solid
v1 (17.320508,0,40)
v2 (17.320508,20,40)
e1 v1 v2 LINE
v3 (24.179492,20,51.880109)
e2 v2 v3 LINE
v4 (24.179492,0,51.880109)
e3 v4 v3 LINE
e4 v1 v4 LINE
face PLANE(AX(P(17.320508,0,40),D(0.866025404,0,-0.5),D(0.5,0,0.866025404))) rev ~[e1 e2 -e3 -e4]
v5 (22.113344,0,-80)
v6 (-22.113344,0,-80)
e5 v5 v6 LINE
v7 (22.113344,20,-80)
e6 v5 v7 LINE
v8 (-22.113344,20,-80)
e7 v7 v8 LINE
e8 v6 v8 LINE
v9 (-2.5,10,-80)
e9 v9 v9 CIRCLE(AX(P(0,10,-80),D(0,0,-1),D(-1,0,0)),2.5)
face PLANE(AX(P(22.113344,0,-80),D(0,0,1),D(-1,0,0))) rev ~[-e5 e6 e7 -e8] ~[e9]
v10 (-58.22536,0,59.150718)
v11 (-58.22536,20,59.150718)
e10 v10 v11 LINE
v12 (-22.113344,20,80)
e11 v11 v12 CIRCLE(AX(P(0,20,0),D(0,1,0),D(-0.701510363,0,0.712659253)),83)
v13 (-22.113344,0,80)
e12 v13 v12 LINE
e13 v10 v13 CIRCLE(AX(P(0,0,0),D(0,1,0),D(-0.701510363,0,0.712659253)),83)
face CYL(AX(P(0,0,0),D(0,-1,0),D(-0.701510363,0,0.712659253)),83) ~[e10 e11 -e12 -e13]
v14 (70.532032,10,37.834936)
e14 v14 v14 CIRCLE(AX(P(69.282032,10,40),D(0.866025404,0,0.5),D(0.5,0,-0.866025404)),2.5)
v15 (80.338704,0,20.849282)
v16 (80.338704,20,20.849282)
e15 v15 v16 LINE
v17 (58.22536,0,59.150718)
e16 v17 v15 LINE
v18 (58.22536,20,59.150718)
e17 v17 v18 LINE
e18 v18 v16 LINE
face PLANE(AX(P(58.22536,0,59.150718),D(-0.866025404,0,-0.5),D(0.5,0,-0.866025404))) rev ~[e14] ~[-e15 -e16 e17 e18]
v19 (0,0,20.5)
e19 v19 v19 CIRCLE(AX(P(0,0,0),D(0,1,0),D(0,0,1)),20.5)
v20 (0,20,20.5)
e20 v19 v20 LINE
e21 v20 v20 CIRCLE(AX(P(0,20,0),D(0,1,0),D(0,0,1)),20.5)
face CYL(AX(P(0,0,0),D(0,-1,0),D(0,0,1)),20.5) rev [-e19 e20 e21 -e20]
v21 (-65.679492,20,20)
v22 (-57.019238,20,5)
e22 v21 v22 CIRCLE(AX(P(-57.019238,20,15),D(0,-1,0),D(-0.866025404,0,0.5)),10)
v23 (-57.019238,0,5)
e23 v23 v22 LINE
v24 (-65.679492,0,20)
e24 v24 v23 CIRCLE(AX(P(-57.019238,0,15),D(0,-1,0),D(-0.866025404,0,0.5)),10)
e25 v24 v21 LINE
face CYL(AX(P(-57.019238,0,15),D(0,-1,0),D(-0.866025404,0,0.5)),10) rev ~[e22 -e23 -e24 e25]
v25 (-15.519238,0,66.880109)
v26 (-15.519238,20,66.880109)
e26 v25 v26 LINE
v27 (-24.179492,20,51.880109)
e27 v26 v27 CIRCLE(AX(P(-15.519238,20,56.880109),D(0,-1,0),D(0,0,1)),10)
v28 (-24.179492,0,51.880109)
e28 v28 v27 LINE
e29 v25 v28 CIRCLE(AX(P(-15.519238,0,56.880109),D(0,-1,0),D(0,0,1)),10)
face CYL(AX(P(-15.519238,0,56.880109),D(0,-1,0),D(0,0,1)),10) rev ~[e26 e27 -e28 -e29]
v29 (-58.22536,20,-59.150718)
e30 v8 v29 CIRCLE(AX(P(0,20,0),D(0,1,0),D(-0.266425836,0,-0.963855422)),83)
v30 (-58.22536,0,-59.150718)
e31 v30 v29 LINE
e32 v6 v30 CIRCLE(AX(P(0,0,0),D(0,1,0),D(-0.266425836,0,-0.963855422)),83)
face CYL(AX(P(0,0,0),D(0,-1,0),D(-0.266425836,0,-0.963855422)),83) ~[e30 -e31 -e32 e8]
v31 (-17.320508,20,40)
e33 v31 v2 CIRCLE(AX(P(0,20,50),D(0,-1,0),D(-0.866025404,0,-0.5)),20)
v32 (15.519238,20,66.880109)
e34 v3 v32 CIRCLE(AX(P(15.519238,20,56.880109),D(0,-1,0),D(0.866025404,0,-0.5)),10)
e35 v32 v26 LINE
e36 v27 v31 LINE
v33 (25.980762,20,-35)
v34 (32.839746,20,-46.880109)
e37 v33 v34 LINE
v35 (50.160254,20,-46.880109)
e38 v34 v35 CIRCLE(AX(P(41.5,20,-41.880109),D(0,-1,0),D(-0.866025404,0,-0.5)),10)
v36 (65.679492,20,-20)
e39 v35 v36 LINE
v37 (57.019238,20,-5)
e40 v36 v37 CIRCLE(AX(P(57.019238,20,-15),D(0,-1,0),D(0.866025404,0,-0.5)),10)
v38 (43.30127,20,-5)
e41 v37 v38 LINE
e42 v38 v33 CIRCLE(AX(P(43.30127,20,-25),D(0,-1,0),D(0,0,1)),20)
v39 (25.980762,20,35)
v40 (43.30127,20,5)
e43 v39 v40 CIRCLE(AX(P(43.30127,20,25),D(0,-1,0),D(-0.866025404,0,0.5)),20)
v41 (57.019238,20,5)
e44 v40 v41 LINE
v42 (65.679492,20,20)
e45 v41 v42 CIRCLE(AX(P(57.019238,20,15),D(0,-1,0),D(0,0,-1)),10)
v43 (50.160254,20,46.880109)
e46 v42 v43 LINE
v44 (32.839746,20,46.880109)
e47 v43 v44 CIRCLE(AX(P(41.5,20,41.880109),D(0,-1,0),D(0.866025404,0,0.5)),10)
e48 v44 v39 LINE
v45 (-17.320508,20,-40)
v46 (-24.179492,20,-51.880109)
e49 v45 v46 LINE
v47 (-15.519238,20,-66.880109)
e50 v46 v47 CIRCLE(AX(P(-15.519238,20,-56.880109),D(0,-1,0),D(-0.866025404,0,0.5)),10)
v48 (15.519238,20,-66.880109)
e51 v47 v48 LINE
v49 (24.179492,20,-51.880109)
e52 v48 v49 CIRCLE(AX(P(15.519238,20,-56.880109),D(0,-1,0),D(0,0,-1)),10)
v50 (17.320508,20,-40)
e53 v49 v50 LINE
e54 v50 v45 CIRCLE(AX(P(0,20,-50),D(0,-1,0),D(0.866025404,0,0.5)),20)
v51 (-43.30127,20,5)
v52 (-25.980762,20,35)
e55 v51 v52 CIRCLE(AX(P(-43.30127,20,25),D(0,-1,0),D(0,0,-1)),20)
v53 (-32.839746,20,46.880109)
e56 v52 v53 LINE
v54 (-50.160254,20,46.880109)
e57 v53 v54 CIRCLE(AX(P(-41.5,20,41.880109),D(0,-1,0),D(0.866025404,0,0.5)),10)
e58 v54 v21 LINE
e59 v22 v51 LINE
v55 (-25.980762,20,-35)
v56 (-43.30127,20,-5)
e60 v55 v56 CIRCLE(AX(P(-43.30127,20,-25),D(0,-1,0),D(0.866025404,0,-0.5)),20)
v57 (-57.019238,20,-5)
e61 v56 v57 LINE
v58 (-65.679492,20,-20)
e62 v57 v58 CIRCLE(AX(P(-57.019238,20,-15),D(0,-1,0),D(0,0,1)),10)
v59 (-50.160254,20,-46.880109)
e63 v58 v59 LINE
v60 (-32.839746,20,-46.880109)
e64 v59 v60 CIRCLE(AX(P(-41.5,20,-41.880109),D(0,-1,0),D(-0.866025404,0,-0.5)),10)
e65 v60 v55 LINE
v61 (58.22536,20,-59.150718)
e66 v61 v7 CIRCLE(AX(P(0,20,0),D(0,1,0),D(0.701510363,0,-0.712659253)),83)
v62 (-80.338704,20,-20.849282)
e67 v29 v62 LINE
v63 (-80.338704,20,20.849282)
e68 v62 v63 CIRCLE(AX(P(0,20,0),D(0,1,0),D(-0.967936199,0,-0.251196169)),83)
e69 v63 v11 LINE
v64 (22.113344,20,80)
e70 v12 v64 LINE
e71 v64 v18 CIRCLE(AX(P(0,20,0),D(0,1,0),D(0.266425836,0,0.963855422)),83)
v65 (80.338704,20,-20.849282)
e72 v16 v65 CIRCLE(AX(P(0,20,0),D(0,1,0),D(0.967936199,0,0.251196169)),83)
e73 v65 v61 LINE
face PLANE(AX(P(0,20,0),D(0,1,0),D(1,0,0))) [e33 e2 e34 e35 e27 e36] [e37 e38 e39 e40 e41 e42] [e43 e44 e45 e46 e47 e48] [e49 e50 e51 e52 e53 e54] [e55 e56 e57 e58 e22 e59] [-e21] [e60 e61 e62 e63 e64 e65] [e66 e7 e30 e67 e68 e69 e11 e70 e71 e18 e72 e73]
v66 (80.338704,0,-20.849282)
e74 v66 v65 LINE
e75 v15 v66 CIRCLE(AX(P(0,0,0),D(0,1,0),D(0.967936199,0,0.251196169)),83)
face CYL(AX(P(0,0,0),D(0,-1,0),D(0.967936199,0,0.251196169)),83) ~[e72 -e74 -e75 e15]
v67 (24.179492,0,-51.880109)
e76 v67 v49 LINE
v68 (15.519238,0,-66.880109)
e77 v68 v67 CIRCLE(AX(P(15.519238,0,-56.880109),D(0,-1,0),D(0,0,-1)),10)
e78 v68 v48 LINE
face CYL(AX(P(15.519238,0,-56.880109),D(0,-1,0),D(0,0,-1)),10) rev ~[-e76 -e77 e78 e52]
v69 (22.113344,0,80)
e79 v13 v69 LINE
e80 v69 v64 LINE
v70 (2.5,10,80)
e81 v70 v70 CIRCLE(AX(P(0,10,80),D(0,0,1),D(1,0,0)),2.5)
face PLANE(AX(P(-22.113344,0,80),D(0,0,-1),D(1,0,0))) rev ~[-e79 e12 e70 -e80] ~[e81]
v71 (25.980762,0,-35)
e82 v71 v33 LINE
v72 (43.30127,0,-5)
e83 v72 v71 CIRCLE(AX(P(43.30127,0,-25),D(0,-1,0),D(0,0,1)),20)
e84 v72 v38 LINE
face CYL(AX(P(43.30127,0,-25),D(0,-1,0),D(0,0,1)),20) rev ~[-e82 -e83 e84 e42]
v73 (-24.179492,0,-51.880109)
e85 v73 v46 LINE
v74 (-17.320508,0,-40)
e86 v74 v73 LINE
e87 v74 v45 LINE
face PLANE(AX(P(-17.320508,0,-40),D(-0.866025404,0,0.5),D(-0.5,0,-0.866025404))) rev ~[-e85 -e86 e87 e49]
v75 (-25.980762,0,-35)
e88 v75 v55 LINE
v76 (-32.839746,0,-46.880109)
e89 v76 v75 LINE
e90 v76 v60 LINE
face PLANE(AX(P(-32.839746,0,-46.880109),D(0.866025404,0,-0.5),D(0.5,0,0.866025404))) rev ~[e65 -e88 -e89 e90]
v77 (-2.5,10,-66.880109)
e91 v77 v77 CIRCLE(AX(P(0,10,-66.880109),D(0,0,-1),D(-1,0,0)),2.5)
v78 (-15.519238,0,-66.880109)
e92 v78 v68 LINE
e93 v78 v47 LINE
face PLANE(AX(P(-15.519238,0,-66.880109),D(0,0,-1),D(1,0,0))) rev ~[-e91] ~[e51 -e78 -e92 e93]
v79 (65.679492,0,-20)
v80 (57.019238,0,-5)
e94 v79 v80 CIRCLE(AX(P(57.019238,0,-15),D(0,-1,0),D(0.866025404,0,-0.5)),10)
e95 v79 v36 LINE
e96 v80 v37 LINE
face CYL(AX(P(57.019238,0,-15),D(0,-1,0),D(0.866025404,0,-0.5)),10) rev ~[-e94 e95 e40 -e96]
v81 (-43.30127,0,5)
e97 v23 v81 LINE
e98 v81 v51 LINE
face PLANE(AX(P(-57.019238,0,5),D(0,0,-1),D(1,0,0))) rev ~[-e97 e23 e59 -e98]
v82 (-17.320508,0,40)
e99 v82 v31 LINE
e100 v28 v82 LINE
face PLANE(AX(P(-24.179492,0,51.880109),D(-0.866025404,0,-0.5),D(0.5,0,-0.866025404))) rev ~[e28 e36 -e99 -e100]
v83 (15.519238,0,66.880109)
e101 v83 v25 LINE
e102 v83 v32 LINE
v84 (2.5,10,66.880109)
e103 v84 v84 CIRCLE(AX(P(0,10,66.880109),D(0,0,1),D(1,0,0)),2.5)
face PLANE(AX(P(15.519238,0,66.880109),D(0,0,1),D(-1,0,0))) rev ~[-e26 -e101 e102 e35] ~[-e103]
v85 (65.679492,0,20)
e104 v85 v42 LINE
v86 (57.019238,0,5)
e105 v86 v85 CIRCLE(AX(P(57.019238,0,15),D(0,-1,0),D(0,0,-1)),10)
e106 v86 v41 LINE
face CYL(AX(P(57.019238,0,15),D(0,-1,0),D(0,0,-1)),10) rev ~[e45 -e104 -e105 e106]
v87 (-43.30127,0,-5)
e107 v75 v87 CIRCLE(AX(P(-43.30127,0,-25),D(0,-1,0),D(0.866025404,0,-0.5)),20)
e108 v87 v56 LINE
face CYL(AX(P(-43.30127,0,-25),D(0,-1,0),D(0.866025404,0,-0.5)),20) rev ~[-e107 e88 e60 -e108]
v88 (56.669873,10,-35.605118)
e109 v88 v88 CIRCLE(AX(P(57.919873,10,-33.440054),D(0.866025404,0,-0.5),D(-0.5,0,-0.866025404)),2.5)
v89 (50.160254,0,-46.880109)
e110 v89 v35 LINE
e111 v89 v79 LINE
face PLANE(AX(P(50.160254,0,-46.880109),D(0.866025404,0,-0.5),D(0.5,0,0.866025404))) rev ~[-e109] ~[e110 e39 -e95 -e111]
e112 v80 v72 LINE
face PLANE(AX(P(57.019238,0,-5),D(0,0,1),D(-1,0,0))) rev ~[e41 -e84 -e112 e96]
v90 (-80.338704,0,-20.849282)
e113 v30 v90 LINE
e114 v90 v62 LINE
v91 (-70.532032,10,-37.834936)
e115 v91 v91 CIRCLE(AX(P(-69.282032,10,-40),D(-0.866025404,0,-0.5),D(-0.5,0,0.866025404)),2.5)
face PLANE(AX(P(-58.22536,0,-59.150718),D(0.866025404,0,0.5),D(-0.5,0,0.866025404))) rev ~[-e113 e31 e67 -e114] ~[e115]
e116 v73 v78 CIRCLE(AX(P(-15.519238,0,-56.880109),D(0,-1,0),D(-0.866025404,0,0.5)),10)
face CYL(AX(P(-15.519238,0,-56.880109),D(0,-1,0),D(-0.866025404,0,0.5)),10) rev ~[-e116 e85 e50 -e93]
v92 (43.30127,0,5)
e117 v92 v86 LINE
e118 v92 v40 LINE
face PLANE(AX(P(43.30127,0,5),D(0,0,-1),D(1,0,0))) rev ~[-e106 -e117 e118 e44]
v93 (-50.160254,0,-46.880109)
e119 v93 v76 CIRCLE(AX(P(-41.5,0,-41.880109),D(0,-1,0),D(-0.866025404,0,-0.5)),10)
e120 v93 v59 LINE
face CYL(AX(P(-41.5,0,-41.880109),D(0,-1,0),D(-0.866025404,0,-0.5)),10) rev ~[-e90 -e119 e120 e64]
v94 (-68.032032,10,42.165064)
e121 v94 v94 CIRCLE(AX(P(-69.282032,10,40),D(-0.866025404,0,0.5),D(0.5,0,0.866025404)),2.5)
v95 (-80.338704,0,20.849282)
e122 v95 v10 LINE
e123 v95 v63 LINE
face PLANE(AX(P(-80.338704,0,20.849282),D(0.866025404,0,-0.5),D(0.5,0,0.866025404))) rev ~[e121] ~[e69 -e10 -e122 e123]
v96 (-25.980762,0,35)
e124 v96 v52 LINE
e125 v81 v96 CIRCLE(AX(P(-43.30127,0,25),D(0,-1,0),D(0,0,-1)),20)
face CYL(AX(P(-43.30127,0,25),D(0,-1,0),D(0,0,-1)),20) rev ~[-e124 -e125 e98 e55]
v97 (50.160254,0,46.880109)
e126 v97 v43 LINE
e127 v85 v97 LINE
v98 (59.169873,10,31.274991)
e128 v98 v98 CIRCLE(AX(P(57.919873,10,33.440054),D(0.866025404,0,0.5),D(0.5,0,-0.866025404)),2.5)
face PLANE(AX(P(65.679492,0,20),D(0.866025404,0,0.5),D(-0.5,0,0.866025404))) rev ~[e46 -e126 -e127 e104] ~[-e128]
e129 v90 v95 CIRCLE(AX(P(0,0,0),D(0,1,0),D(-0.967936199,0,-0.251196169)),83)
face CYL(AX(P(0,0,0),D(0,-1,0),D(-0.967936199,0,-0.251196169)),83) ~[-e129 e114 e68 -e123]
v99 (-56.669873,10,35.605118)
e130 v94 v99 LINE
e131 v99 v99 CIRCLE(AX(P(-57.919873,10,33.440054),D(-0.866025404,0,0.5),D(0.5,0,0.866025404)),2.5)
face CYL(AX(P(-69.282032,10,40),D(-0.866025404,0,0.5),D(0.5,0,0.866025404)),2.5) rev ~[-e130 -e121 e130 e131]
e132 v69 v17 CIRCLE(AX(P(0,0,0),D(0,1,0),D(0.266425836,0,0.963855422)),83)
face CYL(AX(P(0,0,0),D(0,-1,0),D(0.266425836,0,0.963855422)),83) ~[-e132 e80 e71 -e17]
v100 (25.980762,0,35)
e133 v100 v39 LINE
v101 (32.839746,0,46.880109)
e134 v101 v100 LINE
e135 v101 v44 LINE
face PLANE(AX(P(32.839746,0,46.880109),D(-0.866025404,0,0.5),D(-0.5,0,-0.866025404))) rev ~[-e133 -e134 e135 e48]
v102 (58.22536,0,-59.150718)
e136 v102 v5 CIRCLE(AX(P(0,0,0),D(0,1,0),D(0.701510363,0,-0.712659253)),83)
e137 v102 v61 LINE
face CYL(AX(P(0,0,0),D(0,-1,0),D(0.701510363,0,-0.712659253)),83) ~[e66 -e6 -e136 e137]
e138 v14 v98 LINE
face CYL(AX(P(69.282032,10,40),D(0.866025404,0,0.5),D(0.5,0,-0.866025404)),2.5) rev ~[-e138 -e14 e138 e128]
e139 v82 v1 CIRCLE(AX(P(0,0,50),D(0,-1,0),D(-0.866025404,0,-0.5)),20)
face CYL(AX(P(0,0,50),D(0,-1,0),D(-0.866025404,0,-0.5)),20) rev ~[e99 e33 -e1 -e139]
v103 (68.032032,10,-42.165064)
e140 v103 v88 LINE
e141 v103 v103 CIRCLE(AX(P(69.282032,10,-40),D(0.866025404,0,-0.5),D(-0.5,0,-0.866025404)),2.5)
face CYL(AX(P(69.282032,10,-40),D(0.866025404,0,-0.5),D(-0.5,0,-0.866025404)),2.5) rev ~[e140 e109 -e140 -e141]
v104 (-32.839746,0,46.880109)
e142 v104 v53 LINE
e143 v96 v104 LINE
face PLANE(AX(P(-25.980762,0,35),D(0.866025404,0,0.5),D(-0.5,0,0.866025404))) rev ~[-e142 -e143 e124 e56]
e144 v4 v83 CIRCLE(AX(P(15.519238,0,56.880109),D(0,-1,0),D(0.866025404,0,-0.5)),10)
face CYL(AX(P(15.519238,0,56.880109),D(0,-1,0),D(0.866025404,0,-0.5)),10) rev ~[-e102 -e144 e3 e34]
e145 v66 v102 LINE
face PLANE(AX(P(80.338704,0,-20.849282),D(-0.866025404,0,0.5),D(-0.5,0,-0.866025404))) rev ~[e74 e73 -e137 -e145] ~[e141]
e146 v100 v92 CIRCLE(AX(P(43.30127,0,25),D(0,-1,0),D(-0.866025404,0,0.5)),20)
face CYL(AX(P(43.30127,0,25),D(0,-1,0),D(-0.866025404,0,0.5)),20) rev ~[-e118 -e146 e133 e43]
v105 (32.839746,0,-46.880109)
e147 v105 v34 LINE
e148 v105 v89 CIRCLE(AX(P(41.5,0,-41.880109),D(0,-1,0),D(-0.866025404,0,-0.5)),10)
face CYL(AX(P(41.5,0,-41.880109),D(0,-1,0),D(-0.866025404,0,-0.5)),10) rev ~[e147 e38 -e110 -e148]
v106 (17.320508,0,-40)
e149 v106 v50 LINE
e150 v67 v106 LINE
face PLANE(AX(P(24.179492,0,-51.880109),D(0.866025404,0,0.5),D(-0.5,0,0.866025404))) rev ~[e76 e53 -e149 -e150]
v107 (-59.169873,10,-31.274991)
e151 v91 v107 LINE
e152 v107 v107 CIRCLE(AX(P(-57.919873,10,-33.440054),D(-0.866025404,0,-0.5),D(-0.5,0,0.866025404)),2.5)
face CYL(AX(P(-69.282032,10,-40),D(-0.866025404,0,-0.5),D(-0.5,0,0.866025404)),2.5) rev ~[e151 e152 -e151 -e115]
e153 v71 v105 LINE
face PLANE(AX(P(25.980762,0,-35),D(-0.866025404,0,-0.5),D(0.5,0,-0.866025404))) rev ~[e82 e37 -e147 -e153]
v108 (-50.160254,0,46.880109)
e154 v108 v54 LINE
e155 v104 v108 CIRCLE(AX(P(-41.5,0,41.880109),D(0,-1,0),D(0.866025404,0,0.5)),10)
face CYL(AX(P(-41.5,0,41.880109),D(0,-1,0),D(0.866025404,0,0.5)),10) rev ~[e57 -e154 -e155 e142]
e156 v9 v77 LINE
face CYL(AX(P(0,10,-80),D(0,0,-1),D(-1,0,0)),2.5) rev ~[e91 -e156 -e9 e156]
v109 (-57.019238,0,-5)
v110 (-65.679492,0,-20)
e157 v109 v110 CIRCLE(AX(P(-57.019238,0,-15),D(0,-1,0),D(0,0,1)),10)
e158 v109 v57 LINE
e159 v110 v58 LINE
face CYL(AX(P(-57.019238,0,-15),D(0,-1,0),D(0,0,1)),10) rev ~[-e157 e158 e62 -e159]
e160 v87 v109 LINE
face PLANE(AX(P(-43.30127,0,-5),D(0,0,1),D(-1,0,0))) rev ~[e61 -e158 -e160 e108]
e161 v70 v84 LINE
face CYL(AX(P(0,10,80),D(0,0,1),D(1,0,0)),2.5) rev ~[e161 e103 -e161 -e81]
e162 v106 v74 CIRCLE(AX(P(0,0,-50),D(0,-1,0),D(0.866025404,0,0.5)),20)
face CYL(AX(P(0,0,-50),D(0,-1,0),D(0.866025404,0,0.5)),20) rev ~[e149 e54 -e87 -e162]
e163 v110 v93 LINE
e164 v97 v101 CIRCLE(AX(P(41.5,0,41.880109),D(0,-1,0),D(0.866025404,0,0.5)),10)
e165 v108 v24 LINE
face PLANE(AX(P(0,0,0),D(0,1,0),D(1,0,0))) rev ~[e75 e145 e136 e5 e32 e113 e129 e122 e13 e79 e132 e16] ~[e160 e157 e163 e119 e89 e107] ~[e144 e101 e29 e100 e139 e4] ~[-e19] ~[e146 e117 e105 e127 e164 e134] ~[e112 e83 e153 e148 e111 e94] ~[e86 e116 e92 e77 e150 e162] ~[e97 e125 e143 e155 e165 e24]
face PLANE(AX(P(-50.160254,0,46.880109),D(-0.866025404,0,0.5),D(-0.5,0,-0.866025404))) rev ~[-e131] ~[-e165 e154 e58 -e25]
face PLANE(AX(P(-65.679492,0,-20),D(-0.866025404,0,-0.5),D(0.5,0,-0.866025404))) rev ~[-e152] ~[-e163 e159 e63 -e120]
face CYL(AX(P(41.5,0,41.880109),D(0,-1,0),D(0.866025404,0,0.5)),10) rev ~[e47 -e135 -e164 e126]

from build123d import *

# Parameters (mm, degrees)
SKETCH2_R           = 20.5
BOSS_EXTRUDE1_DEPTH = 20
SKETCH3_R           = 2.5
CUT_EXTRUDE1_DEPTH  = 20
CIRPATTERN1_COUNT   = 6


with BuildPart() as part:
    # Sketch2 → Boss-Extrude1 (new body)
    with BuildSketch(Plane(origin=(0, 0, 0), x_dir=(1, 0, 0), z_dir=(0, 1, 0))):
        with BuildLine():
            Line((22.113344387, 80), (-22.113344387, 80))
            ThreePointArc((-22.113344387, 80), (-41.5, 71.880108514), (-58.225360109, 59.150718002))
            Line((-58.225360109, 59.150718002), (-80.338704497, 20.849281998))
            ThreePointArc((-80.338704497, 20.849281998), (-83, 0), (-80.338704497, -20.849281998))
            Line((-80.338704497, -20.849281998), (-58.225360109, -59.150718002))
            ThreePointArc((-58.225360109, -59.150718002), (-41.5, -71.880108514), (-22.113344387, -80))
            Line((-22.113344387, -80), (22.113344387, -80))
            ThreePointArc((22.113344387, -80), (41.5, -71.880108514), (58.225360109, -59.150718002))
            Line((58.225360109, -59.150718002), (80.338704497, -20.849281998))
            ThreePointArc((80.338704497, -20.849281998), (83, 0), (80.338704497, 20.849281998))
            Line((80.338704497, 20.849281998), (58.225360109, 59.150718002))
            ThreePointArc((58.225360109, 59.150718002), (41.5, 71.880108514), (22.113344387, 80))
        make_face()
        with Locations(Location((0, 0, 0), (0, 0, 270))):
            Circle(SKETCH2_R, mode=Mode.SUBTRACT)
        with BuildLine():
            Line((-15.519237886, 66.880108514), (15.519237886, 66.880108514))
            ThreePointArc((15.519237886, 66.880108514), (24.179491924, 61.880108514), (24.179491924, 51.880108514))
            Line((24.179491924, 51.880108514), (17.320508076, 40))
            ThreePointArc((17.320508076, 40), (0, 30), (-17.320508076, 40))
            Line((-17.320508076, 40), (-24.179491924, 51.880108514))
            ThreePointArc((-24.179491924, 51.880108514), (-24.179491924, 61.880108514), (-15.519237886, 66.880108514))
        make_face(mode=Mode.SUBTRACT)
        with BuildLine():
            Line((50.160254038, 46.880108514), (65.679491924, 20))
            ThreePointArc((65.679491924, 20), (65.679491924, 10), (57.019237886, 5))
            Line((57.019237886, 5), (43.301270189, 5))
            ThreePointArc((43.301270189, 5), (25.980762114, 15), (25.980762114, 35))
            Line((25.980762114, 35), (32.839745962, 46.880108514))
            ThreePointArc((32.839745962, 46.880108514), (41.5, 51.880108514), (50.160254038, 46.880108514))
        make_face(mode=Mode.SUBTRACT)
        with BuildLine():
            Line((65.679491924, -20), (50.160254038, -46.880108514))
            ThreePointArc((50.160254038, -46.880108514), (41.5, -51.880108514), (32.839745962, -46.880108514))
            Line((32.839745962, -46.880108514), (25.980762114, -35))
            ThreePointArc((25.980762114, -35), (25.980762114, -15), (43.301270189, -5))
            Line((43.301270189, -5), (57.019237886, -5))
            ThreePointArc((57.019237886, -5), (65.679491924, -10), (65.679491924, -20))
        make_face(mode=Mode.SUBTRACT)
        with BuildLine():
            Line((15.519237886, -66.880108514), (-15.519237886, -66.880108514))
            ThreePointArc((-15.519237886, -66.880108514), (-24.179491924, -61.880108514), (-24.179491924, -51.880108514))
            Line((-24.179491924, -51.880108514), (-17.320508076, -40))
            ThreePointArc((-17.320508076, -40), (0, -30), (17.320508076, -40))
            Line((17.320508076, -40), (24.179491924, -51.880108514))
            ThreePointArc((24.179491924, -51.880108514), (24.179491924, -61.880108514), (15.519237886, -66.880108514))
        make_face(mode=Mode.SUBTRACT)
        with BuildLine():
            Line((-50.160254038, -46.880108514), (-65.679491924, -20))
            ThreePointArc((-65.679491924, -20), (-65.679491924, -10), (-57.019237886, -5))
            Line((-57.019237886, -5), (-43.301270189, -5))
            ThreePointArc((-43.301270189, -5), (-25.980762114, -15), (-25.980762114, -35))
            Line((-25.980762114, -35), (-32.839745962, -46.880108514))
            ThreePointArc((-32.839745962, -46.880108514), (-41.5, -51.880108514), (-50.160254038, -46.880108514))
        make_face(mode=Mode.SUBTRACT)
        with BuildLine():
            Line((-65.679491924, 20), (-50.160254038, 46.880108514))
            ThreePointArc((-50.160254038, 46.880108514), (-41.5, 51.880108514), (-32.839745962, 46.880108514))
            Line((-32.839745962, 46.880108514), (-25.980762114, 35))
            ThreePointArc((-25.980762114, 35), (-25.980762114, 15), (-43.301270189, 5))
            Line((-43.301270189, 5), (-57.019237886, 5))
            ThreePointArc((-57.019237886, 5), (-65.679491924, 10), (-65.679491924, 20))
        make_face(mode=Mode.SUBTRACT)
    extrude(amount=BOSS_EXTRUDE1_DEPTH)

    # Sketch3 → Cut-Extrude1 (cut)
    with BuildSketch(Plane.XY.offset(80)):
        with Locations((0, 10)):
            Circle(SKETCH3_R)
    cut_extrude1 = extrude(amount=-CUT_EXTRUDE1_DEPTH, mode=Mode.SUBTRACT)

    # CirPattern1: Cut-Extrude1 ×6 about axis
    cirpattern1_axis = Axis((0, 20, 0), (0, 1, 0))
    for i in range(1, CIRPATTERN1_COUNT):
        add(cut_extrude1.rotate(cirpattern1_axis, i * 360 / CIRPATTERN1_COUNT), mode=Mode.SUBTRACT)


solid = part.part
